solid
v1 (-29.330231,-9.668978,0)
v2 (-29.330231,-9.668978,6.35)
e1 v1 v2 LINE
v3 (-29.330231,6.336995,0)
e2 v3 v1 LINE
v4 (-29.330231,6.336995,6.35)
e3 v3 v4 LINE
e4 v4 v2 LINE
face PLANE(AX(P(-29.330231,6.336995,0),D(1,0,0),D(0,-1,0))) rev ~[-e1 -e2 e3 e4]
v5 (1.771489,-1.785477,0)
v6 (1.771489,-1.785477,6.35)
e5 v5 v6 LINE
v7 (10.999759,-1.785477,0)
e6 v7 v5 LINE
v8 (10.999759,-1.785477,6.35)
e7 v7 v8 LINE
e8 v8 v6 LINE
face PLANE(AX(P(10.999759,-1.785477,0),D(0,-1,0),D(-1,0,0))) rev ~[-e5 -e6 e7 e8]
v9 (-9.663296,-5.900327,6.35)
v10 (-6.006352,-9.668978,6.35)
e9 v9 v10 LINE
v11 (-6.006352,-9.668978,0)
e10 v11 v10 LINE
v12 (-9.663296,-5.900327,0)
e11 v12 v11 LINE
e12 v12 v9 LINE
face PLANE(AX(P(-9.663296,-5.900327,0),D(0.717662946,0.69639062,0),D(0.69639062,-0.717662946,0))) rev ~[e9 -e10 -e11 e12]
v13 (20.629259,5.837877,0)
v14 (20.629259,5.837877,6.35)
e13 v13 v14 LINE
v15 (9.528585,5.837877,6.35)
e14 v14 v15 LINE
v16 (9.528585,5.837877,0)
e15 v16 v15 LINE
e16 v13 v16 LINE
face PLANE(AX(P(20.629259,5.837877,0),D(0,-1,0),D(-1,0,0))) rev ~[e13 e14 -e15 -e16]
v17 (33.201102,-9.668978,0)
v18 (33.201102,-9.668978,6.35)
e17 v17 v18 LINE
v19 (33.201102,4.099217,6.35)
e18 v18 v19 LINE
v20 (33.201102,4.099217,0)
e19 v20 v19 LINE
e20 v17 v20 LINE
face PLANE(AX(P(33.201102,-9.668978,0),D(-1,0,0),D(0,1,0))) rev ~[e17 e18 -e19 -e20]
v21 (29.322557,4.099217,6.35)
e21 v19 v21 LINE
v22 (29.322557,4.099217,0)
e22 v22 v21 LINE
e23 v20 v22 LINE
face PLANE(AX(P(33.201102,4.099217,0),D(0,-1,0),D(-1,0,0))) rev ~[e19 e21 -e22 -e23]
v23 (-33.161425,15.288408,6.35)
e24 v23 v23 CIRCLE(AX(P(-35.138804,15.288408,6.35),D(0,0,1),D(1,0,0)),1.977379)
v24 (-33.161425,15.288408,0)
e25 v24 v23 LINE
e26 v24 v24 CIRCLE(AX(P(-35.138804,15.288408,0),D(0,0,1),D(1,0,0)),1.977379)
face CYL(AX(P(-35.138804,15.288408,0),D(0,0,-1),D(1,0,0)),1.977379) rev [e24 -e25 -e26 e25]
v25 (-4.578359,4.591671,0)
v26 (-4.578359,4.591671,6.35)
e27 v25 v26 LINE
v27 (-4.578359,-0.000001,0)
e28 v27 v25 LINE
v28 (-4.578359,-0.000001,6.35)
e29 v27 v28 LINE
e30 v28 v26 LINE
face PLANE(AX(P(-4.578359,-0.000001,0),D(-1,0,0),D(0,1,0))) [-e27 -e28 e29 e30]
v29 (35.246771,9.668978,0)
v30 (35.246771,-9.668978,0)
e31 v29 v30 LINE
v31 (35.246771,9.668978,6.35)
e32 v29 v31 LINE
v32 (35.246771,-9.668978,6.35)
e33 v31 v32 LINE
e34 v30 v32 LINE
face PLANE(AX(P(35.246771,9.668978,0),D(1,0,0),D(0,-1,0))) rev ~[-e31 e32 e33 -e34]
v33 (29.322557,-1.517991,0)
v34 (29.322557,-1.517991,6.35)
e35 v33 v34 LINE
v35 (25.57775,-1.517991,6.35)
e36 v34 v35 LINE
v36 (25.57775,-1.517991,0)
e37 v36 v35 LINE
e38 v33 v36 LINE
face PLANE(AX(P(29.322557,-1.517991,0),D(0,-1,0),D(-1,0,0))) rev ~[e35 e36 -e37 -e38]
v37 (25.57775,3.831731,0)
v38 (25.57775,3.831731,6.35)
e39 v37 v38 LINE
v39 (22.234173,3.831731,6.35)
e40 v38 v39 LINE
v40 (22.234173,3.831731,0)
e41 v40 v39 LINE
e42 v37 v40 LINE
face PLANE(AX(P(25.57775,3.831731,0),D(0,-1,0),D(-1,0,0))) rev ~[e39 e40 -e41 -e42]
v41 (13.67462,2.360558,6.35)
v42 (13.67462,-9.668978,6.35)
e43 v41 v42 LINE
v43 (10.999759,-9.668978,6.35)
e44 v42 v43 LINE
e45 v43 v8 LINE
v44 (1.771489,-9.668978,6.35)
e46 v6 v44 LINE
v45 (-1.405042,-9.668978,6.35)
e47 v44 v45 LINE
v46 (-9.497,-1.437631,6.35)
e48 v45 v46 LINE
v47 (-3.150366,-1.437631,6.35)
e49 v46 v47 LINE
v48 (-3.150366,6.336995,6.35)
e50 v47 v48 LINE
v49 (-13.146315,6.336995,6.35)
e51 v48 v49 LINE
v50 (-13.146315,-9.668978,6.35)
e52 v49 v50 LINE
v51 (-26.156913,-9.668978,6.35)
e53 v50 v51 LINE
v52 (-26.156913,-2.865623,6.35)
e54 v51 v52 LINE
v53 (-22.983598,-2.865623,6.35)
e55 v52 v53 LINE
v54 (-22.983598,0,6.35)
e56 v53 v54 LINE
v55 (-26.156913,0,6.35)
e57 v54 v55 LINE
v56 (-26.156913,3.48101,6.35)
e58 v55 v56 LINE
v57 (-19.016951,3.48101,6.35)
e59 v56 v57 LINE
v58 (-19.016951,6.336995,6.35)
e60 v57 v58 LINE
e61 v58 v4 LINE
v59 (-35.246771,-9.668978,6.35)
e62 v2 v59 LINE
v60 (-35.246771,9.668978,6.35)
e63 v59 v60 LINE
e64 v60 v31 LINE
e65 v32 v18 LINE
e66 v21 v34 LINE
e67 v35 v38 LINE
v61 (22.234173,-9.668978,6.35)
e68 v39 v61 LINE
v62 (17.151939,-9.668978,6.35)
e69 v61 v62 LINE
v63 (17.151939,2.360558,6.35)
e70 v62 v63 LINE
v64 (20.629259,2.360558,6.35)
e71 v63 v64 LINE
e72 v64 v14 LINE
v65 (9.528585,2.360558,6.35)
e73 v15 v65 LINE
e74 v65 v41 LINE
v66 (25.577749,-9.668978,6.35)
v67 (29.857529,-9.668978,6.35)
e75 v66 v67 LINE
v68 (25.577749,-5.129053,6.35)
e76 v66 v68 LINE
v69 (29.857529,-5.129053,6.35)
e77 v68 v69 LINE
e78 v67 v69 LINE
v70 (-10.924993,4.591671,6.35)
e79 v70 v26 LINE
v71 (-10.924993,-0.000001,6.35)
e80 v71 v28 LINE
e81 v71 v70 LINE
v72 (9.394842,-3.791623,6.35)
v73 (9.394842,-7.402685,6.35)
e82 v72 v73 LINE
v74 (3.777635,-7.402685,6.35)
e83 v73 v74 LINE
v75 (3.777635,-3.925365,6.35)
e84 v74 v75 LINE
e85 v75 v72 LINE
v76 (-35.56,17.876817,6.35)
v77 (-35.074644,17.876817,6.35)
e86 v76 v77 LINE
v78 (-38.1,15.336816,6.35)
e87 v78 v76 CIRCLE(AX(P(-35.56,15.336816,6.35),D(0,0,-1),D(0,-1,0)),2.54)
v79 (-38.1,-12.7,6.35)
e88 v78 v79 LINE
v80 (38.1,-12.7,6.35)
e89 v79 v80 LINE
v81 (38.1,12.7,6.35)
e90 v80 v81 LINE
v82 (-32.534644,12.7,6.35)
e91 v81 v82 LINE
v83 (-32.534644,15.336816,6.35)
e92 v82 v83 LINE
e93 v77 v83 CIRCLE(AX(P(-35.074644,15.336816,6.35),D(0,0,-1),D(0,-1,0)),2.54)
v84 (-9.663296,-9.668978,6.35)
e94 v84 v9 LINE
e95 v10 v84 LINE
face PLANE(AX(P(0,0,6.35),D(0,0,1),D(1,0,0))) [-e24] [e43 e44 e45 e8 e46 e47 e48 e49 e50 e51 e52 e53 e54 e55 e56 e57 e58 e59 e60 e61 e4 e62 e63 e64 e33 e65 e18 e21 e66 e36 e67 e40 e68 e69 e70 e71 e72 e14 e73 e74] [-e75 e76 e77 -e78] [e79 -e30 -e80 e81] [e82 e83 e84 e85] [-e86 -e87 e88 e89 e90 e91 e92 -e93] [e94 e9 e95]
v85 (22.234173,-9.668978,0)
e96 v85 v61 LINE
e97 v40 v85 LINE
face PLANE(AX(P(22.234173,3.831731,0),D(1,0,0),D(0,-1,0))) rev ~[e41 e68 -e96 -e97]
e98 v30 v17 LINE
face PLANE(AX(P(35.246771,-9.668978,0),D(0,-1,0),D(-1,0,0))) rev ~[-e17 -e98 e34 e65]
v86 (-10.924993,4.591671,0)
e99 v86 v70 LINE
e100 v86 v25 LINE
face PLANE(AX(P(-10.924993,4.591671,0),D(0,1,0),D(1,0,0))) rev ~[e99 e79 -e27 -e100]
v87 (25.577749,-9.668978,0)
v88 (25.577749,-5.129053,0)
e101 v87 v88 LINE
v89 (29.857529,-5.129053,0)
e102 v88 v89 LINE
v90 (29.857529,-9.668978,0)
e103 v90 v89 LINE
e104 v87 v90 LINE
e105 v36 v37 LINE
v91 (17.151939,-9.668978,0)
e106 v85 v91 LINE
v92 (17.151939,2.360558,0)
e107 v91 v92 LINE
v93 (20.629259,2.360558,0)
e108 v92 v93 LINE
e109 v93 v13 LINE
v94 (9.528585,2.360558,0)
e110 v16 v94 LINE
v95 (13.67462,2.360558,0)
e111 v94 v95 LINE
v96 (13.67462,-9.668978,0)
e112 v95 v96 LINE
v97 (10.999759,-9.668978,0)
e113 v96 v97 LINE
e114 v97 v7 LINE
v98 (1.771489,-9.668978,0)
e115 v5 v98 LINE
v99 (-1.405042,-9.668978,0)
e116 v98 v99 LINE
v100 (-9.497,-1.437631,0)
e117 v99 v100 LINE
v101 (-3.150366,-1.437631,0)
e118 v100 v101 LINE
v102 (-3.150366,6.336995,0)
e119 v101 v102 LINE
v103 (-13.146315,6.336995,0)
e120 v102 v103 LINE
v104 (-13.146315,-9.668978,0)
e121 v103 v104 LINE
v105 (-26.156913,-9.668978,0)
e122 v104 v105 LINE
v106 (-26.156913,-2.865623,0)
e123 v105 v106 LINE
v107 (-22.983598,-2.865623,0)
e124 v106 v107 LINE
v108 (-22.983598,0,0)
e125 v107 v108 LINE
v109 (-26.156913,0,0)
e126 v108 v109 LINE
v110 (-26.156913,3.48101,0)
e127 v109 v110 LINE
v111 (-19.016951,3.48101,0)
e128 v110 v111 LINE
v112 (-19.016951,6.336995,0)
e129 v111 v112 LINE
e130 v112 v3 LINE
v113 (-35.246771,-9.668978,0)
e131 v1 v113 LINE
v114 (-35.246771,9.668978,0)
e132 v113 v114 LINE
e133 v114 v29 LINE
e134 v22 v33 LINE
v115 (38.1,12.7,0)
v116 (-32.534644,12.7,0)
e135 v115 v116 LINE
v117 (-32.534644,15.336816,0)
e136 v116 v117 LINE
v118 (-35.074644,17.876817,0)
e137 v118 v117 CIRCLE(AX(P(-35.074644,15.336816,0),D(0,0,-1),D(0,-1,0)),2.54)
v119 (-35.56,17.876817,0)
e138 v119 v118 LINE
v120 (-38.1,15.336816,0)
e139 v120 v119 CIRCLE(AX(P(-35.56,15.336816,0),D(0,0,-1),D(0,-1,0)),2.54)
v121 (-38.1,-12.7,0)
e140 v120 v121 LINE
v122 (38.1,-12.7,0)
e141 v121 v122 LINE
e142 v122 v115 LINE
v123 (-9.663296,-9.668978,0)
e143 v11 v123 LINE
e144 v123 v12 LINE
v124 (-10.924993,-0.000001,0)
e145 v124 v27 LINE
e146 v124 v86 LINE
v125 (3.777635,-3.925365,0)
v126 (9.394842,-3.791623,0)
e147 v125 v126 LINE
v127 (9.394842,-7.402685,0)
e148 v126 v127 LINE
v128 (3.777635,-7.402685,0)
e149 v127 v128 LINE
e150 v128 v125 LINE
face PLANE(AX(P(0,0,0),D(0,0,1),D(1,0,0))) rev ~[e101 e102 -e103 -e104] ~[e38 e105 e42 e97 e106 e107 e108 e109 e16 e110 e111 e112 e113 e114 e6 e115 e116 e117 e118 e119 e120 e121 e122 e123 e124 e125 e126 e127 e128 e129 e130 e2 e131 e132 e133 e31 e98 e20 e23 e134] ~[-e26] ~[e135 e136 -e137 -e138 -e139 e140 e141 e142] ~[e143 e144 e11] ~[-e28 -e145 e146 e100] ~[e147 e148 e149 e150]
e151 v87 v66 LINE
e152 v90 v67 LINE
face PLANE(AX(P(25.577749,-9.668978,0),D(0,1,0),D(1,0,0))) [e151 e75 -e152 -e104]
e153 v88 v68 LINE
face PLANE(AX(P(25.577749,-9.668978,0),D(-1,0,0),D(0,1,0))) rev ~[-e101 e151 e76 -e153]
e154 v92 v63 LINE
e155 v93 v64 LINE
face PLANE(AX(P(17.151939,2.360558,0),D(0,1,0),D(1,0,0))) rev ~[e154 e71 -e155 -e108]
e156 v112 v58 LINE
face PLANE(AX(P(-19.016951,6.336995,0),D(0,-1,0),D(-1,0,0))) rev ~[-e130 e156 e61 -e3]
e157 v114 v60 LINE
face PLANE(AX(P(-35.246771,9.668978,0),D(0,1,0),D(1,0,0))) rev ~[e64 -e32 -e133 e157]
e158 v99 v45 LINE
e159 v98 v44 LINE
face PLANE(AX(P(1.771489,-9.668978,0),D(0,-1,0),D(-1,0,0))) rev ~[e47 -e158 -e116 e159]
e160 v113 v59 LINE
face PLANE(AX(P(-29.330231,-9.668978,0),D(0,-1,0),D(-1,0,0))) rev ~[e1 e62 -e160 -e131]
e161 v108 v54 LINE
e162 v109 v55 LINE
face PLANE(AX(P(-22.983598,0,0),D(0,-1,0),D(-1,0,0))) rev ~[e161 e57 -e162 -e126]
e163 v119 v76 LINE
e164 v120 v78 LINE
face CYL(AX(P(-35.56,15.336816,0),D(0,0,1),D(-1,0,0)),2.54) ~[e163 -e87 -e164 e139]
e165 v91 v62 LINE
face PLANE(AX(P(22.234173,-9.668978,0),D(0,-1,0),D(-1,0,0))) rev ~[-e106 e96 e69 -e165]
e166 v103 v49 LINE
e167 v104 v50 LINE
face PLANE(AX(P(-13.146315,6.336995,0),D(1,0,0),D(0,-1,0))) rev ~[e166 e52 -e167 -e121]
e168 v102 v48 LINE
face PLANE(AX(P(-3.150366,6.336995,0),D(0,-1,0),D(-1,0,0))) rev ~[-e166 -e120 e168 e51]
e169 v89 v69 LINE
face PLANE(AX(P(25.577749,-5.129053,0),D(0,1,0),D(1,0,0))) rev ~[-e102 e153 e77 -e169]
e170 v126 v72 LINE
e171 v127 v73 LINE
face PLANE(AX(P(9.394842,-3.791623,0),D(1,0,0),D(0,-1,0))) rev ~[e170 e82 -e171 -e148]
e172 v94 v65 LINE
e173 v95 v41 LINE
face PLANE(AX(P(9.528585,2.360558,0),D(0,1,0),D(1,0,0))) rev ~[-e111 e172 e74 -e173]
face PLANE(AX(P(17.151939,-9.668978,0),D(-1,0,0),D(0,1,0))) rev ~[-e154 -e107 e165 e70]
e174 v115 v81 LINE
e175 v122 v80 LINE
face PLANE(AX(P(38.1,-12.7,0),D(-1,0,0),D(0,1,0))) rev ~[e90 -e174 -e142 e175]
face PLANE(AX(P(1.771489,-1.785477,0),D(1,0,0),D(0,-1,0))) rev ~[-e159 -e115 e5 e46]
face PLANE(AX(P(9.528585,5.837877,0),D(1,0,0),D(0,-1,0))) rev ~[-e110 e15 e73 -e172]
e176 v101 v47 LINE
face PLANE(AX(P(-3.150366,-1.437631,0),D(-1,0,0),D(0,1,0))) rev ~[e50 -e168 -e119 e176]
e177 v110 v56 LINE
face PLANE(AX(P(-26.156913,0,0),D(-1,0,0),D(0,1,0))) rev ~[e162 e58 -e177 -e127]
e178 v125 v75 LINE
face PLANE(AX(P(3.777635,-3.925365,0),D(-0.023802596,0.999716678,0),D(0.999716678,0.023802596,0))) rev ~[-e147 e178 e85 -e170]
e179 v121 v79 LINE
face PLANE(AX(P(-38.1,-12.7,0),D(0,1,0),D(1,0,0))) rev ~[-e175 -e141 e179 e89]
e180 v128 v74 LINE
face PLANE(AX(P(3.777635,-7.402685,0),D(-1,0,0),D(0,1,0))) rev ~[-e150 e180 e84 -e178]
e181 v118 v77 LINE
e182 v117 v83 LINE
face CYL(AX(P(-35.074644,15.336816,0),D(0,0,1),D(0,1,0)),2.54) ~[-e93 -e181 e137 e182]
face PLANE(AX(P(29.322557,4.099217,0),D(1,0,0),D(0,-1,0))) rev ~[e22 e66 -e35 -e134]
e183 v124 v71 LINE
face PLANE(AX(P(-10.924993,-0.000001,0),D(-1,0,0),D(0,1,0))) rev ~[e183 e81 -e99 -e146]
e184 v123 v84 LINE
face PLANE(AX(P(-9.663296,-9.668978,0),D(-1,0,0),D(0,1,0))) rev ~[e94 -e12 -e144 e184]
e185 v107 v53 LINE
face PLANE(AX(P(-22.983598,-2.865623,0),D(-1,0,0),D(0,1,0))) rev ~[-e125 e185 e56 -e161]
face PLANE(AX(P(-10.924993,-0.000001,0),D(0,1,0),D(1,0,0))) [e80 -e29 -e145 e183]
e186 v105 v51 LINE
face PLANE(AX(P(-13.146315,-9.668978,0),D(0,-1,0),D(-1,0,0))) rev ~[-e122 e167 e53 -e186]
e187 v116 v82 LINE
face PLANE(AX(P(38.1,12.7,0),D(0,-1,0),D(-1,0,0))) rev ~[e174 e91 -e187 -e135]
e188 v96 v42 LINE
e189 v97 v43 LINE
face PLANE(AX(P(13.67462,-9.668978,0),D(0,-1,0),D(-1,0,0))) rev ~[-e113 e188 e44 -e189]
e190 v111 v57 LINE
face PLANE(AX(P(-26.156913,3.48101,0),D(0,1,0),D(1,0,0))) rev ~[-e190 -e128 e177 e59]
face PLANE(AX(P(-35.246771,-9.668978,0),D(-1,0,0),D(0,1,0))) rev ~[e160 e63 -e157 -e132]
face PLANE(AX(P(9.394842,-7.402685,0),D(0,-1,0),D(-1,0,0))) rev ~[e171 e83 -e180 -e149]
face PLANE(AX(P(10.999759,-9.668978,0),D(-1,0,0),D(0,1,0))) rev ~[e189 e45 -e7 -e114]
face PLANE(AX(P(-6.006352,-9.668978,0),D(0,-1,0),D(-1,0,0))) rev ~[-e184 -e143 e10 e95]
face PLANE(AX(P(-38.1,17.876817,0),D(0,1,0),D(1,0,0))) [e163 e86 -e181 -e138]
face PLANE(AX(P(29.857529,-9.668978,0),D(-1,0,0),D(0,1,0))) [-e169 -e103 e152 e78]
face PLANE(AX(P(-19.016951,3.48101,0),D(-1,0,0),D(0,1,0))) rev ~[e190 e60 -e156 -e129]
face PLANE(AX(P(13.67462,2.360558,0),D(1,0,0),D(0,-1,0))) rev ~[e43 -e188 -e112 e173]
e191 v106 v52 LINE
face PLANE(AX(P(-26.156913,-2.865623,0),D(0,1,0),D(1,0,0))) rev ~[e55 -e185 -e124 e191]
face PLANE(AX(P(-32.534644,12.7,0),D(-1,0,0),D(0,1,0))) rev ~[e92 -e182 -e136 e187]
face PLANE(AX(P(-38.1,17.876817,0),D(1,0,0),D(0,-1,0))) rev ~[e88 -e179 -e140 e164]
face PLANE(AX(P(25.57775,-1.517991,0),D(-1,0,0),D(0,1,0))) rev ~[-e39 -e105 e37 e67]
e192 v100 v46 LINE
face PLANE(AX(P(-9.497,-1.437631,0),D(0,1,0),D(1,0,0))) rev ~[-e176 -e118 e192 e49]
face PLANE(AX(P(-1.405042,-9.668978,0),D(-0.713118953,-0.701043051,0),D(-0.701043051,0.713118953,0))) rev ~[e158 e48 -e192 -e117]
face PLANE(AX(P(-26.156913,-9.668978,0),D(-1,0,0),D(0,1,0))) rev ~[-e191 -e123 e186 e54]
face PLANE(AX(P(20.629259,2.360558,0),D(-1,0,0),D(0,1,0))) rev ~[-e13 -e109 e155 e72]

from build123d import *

# Parameters (mm, degrees)
F0_W     = 6.346634
F0_H     = 4.591671
F0_W_2   = 4.279779
F0_H_2   = 4.539925
F0_W_3   = 5.565356
F0_H_3   = 5.176817
F0_R     = 1.977379
F1_DEPTH = 6.35
F2_R     = 2.54


with BuildPart() as f1:
    # F0 (on Top) → F1 (new body)
    with BuildSketch(Plane.XY):
        Polygon((38.1, -12.7), (38.1, 12.7), (-32.534644, 12.7), (-38.1, 12.7), (-38.1, -12.7), align=None)
        Polygon((-9.663296, -5.900327), (-6.006352, -9.668978), (-9.663296, -9.668978), align=None, mode=Mode.SUBTRACT)
        with Locations((-7.751676, 2.295835)):
            Rectangle(F0_W, F0_H, mode=Mode.SUBTRACT)
        Polygon((3.777635, -7.402685), (3.777635, -3.925365), (9.394842, -3.791623), (9.394842, -7.402685), align=None, mode=Mode.SUBTRACT)
        with Locations((27.717639, -7.399015)):
            Rectangle(F0_W_2, F0_H_2, mode=Mode.SUBTRACT)
        Polygon((-35.246771, 9.668978), (35.246771, 9.668978), (35.246771, -9.668978), (33.201102, -9.668978), (33.201102, 4.099217), (29.322557, 4.099217), (29.322557, -1.517991), (25.57775, -1.517991), (25.57775, 3.831731), (22.234173, 3.831731), (22.234173, -9.668978), (17.151939, -9.668978), (17.151939, 2.360558), (20.629259, 2.360558), (20.629259, 5.837877), (9.528585, 5.837877), (9.528585, 2.360558), (13.67462, 2.360558), (13.67462, -9.668978), (10.999759, -9.668978), (10.999759, -1.785477), (1.771489, -1.785477), (1.771489, -9.668978), (-1.405042, -9.668978), (-9.497, -1.437631), (-3.150366, -1.437631), (-3.150366, 6.336995), (-13.146315, 6.336995), (-13.146315, -9.668978), (-26.156913, -9.668978), (-26.156913, -2.865623), (-22.983598, -2.865623), (-22.983598, 0), (-26.156913, 0), (-26.156913, 3.48101), (-19.016951, 3.48101), (-19.016951, 6.336995), (-29.330231, 6.336995), (-29.330231, -9.668978), (-35.246771, -9.668978), align=None, mode=Mode.SUBTRACT)
        with Locations((-35.317322, 15.288408)):
            Rectangle(F0_W_3, F0_H_3)
        with Locations((-35.138804, 15.288408)):
            Circle(F0_R, mode=Mode.SUBTRACT)
    extrude(amount=F1_DEPTH)

    # F2
    f2_edges = [f1.edges().sort_by_distance(p)[0] for p in [
        (-38.1, 17.876817, 3.175),
        (-32.534644, 17.876817, 3.175),
    ]]
    fillet(f2_edges, radius=F2_R)


solid = f1.part
